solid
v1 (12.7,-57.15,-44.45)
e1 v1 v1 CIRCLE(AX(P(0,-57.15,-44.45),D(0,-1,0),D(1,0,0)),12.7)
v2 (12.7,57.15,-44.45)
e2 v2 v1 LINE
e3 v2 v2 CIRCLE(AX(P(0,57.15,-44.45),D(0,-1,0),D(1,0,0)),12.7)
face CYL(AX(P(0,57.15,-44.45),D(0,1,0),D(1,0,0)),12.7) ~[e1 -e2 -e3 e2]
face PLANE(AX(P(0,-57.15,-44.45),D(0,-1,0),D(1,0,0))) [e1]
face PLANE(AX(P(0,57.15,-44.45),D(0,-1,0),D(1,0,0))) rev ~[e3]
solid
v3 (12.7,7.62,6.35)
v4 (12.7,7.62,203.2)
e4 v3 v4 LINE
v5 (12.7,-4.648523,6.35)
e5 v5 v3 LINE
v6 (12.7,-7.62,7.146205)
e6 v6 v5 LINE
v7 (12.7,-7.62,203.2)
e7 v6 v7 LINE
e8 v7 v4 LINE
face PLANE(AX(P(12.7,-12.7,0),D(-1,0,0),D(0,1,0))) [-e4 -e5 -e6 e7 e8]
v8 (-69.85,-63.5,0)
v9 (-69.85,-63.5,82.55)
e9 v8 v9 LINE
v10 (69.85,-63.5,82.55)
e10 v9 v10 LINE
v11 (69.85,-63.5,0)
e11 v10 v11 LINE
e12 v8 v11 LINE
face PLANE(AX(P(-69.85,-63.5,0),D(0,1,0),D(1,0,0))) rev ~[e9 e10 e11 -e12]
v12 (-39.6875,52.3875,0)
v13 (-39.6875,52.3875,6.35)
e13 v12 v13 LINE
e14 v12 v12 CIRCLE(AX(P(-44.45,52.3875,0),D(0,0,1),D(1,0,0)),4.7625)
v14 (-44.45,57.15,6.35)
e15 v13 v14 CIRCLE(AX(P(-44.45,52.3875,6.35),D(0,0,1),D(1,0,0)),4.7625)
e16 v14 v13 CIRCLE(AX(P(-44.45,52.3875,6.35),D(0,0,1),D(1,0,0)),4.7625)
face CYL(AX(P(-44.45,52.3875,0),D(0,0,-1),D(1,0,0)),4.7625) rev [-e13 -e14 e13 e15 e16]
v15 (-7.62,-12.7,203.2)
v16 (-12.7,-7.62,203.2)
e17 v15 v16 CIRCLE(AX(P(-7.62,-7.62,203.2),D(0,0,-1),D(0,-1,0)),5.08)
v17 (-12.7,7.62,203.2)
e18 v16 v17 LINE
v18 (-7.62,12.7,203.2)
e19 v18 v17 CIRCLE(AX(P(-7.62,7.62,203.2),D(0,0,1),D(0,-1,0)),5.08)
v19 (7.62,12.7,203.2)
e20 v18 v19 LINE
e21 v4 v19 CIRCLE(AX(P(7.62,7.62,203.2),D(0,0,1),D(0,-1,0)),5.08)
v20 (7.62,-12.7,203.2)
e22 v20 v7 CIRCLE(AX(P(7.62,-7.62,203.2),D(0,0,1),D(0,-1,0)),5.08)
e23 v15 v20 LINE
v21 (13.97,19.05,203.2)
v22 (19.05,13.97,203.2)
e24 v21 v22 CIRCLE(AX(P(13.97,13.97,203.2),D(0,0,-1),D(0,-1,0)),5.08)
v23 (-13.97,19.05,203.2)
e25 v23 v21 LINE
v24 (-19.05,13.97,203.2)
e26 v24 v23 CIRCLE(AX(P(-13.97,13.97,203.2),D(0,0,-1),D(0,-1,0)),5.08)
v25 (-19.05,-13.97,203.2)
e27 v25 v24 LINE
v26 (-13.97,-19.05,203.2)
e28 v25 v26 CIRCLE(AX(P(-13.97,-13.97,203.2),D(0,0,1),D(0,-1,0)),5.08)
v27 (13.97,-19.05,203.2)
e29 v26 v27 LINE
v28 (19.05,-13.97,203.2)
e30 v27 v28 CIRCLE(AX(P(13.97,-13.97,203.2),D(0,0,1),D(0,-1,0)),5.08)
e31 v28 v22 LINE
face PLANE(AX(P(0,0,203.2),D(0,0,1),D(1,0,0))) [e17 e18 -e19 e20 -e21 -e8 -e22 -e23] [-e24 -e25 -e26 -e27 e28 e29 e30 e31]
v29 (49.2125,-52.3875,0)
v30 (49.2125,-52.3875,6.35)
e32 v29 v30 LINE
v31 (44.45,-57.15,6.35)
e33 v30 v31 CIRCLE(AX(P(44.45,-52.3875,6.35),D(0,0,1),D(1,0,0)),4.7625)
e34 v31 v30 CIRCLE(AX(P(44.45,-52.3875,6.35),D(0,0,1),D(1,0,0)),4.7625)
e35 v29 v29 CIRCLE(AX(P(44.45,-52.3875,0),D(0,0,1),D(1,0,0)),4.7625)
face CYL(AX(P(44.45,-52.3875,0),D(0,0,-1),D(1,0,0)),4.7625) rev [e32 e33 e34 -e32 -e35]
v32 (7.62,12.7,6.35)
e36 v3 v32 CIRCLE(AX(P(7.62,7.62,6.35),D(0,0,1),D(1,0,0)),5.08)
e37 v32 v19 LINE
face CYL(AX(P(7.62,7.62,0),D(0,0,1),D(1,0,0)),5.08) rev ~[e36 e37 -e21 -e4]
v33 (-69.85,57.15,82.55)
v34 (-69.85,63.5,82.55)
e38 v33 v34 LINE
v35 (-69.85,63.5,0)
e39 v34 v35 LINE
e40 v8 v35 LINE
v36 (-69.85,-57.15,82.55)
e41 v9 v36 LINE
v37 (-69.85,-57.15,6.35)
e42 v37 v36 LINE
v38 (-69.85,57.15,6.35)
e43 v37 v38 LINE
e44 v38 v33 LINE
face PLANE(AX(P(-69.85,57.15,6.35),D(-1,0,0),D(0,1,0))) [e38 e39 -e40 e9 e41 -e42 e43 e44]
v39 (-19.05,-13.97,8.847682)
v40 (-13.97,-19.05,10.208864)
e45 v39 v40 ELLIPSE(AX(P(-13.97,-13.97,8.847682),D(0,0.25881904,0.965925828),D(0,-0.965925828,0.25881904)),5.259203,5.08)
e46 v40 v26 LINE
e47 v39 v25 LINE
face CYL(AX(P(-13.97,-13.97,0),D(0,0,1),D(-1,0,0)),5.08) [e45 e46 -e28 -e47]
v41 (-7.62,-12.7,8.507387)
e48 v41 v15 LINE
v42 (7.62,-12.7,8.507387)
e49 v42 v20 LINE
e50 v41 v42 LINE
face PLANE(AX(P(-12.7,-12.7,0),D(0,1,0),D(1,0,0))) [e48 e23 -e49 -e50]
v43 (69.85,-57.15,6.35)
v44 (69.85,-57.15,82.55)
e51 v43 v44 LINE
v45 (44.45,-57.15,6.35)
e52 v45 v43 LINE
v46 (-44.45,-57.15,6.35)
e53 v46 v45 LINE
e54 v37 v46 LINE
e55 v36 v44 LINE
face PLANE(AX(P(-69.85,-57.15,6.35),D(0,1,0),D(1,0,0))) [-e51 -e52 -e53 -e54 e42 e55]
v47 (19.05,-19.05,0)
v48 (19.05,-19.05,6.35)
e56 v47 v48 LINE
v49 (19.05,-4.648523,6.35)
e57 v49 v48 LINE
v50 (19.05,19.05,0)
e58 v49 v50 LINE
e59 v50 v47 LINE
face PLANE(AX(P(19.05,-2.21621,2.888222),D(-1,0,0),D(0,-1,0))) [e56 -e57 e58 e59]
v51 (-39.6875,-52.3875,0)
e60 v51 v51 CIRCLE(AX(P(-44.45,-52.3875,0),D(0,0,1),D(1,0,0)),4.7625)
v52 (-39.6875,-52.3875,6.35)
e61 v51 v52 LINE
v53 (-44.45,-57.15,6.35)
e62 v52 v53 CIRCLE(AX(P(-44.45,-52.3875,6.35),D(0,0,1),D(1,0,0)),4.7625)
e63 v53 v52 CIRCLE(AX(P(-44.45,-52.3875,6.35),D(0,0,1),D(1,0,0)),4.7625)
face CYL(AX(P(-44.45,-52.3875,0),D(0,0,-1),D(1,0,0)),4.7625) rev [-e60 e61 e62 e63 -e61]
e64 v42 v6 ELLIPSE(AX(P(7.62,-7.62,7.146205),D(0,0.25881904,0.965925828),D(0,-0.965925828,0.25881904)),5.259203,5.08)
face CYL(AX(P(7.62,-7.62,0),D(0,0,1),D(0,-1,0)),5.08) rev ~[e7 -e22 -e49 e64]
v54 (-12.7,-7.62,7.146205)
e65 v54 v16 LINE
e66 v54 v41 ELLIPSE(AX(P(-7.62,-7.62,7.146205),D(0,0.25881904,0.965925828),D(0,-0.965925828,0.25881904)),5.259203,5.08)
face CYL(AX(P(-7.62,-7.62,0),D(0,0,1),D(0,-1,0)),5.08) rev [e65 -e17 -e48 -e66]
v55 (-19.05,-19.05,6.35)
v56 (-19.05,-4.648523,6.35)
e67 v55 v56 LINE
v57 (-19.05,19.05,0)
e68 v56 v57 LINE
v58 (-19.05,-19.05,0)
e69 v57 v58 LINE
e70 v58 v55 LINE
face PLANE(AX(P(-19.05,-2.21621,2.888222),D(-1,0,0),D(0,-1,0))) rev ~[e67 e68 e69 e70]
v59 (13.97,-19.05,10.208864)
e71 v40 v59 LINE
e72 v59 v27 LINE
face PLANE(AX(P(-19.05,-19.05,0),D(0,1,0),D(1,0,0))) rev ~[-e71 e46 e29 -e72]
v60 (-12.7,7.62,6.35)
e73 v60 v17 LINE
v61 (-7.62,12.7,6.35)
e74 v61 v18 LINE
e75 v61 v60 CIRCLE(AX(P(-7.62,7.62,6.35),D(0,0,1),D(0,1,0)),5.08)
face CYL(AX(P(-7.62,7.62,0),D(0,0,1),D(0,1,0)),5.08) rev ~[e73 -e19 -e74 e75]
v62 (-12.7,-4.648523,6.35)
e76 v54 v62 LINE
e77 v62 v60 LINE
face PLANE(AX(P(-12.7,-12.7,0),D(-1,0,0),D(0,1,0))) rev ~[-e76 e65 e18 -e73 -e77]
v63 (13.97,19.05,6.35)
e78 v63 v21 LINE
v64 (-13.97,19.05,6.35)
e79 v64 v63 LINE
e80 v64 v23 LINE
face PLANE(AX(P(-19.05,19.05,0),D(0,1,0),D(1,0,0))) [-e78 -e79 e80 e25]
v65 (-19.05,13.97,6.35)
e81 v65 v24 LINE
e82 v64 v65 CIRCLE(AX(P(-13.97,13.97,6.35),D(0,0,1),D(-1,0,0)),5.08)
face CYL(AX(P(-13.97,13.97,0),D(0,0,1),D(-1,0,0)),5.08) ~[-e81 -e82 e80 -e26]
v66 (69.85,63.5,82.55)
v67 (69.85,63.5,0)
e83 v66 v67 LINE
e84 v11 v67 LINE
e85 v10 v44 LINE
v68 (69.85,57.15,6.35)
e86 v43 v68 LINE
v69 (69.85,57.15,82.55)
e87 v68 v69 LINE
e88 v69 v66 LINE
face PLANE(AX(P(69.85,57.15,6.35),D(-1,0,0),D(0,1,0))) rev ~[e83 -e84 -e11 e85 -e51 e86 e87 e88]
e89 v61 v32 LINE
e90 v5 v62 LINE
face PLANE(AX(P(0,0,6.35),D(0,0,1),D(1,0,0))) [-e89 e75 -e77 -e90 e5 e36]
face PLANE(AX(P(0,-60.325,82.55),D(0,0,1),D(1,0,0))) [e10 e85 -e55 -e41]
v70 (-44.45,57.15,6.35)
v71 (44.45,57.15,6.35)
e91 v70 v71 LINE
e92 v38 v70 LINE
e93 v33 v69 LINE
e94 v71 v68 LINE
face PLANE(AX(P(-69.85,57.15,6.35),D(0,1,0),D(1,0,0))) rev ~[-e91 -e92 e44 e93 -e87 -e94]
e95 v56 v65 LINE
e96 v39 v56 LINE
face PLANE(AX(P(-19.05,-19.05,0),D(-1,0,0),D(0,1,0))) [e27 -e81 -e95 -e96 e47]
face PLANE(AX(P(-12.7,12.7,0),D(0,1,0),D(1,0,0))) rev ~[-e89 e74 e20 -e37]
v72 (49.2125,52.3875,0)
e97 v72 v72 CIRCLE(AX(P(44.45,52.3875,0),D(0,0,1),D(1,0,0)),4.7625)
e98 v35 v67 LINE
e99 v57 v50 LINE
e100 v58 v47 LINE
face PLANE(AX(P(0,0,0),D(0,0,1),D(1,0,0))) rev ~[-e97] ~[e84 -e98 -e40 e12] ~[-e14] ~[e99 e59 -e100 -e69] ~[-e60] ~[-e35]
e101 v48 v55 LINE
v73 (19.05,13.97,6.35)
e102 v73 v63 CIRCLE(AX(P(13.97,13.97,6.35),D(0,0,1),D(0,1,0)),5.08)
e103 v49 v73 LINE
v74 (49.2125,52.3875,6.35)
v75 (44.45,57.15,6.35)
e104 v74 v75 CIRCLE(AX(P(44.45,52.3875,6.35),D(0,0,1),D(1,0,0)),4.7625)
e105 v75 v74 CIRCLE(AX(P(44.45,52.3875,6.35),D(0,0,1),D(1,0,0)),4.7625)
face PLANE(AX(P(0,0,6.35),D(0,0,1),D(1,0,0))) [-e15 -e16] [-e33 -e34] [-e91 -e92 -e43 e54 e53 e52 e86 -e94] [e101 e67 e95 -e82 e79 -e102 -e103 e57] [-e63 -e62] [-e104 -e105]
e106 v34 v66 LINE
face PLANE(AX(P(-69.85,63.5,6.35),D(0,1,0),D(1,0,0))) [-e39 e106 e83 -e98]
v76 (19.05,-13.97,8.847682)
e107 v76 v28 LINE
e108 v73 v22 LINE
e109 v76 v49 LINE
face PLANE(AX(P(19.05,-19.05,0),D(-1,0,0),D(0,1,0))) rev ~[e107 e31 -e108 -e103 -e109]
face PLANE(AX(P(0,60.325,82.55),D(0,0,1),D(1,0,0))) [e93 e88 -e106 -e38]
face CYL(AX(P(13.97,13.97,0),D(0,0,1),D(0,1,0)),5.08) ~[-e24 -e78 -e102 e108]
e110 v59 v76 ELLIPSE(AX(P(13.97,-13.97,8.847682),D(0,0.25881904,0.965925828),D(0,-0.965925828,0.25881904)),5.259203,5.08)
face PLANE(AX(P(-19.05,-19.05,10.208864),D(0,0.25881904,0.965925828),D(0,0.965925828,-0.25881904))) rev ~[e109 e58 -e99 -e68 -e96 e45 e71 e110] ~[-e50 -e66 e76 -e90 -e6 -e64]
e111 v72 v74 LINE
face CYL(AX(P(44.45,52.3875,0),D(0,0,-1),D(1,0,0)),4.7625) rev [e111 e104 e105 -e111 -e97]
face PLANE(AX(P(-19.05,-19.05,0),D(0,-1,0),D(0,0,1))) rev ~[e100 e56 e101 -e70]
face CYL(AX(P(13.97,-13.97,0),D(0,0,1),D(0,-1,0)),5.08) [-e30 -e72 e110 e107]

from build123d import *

# Parameters (mm, degrees)
F0_W      = 38.1
F0_H      = 38.1
F0_W_2    = 25.4
F0_H_2    = 25.4
F1_DEPTH  = 203.2
F2_R      = 5.08
F3_W      = 139.7
F3_H      = 127
F3_R      = 4.7625
F4_DEPTH  = 6.35
F6_W      = 139.7
F6_H      = 6.35
F7_DEPTH  = 76.2
F8_R      = 12.7
F9_DEPTH  = 114.3
F11_DEPTH = 38.1


with BuildPart() as f1:
    # F0 (on Top) → F1 (new body)
    with BuildSketch(Plane.XY):
        Rectangle(F0_W, F0_H)
        Rectangle(F0_W_2, F0_H_2, mode=Mode.SUBTRACT)
    extrude(amount=F1_DEPTH)

    # F2
    f2_edges = [f1.edges().sort_by_distance(p)[0] for p in [
        (-19.05, 19.05, 101.6),
        (-19.05, -19.05, 101.6),
        (19.05, -19.05, 101.6),
        (19.05, 19.05, 101.6),
        (-12.7, 12.7, 101.6),
        (12.7, 12.7, 101.6),
        (12.7, -12.7, 101.6),
        (-12.7, -12.7, 101.6),
    ]]
    fillet(f2_edges, radius=F2_R)

    # F3 (on Top) → F4 (join)
    with BuildSketch(Plane.XY):
        Rectangle(F3_W, F3_H)
        with Locations((-44.45, -52.3875)):
            Circle(F3_R, mode=Mode.SUBTRACT)
        with Locations((44.45, -52.3875)):
            Circle(F3_R, mode=Mode.SUBTRACT)
        with Locations((-44.45, 52.3875)):
            Circle(F3_R, mode=Mode.SUBTRACT)
        with Locations((44.45, 52.3875)):
            Circle(F3_R, mode=Mode.SUBTRACT)
    extrude(amount=F4_DEPTH)

    # F6 (on face) → F7 (join)
    with BuildSketch(Plane.XY.offset(6.35)):
        with Locations((0, 60.325)):
            Rectangle(F6_W, F6_H)
        with Locations((0, -60.325)):
            Rectangle(F6_W, F6_H)
    extrude(amount=F7_DEPTH)

    # F10 (on face) → F11 (cut, through all)
    with BuildSketch(Plane(origin=(-19.05, 0, 0), x_dir=(0, -1, 0), z_dir=(-1, 0, 0))):
        Polygon((19.05, 10.208864), (-19.05, 0), (19.05, 0), align=None)
    extrude(amount=-F11_DEPTH, mode=Mode.SUBTRACT)


with BuildPart() as f9:
    # F8 (on face) → F9 (new body, through all)
    with BuildSketch(Plane.XZ.offset(-57.15)):
        with Locations((0, -44.45)):
            Circle(F8_R)
    extrude(amount=F9_DEPTH)


solid = Compound([f1.part, f9.part])
